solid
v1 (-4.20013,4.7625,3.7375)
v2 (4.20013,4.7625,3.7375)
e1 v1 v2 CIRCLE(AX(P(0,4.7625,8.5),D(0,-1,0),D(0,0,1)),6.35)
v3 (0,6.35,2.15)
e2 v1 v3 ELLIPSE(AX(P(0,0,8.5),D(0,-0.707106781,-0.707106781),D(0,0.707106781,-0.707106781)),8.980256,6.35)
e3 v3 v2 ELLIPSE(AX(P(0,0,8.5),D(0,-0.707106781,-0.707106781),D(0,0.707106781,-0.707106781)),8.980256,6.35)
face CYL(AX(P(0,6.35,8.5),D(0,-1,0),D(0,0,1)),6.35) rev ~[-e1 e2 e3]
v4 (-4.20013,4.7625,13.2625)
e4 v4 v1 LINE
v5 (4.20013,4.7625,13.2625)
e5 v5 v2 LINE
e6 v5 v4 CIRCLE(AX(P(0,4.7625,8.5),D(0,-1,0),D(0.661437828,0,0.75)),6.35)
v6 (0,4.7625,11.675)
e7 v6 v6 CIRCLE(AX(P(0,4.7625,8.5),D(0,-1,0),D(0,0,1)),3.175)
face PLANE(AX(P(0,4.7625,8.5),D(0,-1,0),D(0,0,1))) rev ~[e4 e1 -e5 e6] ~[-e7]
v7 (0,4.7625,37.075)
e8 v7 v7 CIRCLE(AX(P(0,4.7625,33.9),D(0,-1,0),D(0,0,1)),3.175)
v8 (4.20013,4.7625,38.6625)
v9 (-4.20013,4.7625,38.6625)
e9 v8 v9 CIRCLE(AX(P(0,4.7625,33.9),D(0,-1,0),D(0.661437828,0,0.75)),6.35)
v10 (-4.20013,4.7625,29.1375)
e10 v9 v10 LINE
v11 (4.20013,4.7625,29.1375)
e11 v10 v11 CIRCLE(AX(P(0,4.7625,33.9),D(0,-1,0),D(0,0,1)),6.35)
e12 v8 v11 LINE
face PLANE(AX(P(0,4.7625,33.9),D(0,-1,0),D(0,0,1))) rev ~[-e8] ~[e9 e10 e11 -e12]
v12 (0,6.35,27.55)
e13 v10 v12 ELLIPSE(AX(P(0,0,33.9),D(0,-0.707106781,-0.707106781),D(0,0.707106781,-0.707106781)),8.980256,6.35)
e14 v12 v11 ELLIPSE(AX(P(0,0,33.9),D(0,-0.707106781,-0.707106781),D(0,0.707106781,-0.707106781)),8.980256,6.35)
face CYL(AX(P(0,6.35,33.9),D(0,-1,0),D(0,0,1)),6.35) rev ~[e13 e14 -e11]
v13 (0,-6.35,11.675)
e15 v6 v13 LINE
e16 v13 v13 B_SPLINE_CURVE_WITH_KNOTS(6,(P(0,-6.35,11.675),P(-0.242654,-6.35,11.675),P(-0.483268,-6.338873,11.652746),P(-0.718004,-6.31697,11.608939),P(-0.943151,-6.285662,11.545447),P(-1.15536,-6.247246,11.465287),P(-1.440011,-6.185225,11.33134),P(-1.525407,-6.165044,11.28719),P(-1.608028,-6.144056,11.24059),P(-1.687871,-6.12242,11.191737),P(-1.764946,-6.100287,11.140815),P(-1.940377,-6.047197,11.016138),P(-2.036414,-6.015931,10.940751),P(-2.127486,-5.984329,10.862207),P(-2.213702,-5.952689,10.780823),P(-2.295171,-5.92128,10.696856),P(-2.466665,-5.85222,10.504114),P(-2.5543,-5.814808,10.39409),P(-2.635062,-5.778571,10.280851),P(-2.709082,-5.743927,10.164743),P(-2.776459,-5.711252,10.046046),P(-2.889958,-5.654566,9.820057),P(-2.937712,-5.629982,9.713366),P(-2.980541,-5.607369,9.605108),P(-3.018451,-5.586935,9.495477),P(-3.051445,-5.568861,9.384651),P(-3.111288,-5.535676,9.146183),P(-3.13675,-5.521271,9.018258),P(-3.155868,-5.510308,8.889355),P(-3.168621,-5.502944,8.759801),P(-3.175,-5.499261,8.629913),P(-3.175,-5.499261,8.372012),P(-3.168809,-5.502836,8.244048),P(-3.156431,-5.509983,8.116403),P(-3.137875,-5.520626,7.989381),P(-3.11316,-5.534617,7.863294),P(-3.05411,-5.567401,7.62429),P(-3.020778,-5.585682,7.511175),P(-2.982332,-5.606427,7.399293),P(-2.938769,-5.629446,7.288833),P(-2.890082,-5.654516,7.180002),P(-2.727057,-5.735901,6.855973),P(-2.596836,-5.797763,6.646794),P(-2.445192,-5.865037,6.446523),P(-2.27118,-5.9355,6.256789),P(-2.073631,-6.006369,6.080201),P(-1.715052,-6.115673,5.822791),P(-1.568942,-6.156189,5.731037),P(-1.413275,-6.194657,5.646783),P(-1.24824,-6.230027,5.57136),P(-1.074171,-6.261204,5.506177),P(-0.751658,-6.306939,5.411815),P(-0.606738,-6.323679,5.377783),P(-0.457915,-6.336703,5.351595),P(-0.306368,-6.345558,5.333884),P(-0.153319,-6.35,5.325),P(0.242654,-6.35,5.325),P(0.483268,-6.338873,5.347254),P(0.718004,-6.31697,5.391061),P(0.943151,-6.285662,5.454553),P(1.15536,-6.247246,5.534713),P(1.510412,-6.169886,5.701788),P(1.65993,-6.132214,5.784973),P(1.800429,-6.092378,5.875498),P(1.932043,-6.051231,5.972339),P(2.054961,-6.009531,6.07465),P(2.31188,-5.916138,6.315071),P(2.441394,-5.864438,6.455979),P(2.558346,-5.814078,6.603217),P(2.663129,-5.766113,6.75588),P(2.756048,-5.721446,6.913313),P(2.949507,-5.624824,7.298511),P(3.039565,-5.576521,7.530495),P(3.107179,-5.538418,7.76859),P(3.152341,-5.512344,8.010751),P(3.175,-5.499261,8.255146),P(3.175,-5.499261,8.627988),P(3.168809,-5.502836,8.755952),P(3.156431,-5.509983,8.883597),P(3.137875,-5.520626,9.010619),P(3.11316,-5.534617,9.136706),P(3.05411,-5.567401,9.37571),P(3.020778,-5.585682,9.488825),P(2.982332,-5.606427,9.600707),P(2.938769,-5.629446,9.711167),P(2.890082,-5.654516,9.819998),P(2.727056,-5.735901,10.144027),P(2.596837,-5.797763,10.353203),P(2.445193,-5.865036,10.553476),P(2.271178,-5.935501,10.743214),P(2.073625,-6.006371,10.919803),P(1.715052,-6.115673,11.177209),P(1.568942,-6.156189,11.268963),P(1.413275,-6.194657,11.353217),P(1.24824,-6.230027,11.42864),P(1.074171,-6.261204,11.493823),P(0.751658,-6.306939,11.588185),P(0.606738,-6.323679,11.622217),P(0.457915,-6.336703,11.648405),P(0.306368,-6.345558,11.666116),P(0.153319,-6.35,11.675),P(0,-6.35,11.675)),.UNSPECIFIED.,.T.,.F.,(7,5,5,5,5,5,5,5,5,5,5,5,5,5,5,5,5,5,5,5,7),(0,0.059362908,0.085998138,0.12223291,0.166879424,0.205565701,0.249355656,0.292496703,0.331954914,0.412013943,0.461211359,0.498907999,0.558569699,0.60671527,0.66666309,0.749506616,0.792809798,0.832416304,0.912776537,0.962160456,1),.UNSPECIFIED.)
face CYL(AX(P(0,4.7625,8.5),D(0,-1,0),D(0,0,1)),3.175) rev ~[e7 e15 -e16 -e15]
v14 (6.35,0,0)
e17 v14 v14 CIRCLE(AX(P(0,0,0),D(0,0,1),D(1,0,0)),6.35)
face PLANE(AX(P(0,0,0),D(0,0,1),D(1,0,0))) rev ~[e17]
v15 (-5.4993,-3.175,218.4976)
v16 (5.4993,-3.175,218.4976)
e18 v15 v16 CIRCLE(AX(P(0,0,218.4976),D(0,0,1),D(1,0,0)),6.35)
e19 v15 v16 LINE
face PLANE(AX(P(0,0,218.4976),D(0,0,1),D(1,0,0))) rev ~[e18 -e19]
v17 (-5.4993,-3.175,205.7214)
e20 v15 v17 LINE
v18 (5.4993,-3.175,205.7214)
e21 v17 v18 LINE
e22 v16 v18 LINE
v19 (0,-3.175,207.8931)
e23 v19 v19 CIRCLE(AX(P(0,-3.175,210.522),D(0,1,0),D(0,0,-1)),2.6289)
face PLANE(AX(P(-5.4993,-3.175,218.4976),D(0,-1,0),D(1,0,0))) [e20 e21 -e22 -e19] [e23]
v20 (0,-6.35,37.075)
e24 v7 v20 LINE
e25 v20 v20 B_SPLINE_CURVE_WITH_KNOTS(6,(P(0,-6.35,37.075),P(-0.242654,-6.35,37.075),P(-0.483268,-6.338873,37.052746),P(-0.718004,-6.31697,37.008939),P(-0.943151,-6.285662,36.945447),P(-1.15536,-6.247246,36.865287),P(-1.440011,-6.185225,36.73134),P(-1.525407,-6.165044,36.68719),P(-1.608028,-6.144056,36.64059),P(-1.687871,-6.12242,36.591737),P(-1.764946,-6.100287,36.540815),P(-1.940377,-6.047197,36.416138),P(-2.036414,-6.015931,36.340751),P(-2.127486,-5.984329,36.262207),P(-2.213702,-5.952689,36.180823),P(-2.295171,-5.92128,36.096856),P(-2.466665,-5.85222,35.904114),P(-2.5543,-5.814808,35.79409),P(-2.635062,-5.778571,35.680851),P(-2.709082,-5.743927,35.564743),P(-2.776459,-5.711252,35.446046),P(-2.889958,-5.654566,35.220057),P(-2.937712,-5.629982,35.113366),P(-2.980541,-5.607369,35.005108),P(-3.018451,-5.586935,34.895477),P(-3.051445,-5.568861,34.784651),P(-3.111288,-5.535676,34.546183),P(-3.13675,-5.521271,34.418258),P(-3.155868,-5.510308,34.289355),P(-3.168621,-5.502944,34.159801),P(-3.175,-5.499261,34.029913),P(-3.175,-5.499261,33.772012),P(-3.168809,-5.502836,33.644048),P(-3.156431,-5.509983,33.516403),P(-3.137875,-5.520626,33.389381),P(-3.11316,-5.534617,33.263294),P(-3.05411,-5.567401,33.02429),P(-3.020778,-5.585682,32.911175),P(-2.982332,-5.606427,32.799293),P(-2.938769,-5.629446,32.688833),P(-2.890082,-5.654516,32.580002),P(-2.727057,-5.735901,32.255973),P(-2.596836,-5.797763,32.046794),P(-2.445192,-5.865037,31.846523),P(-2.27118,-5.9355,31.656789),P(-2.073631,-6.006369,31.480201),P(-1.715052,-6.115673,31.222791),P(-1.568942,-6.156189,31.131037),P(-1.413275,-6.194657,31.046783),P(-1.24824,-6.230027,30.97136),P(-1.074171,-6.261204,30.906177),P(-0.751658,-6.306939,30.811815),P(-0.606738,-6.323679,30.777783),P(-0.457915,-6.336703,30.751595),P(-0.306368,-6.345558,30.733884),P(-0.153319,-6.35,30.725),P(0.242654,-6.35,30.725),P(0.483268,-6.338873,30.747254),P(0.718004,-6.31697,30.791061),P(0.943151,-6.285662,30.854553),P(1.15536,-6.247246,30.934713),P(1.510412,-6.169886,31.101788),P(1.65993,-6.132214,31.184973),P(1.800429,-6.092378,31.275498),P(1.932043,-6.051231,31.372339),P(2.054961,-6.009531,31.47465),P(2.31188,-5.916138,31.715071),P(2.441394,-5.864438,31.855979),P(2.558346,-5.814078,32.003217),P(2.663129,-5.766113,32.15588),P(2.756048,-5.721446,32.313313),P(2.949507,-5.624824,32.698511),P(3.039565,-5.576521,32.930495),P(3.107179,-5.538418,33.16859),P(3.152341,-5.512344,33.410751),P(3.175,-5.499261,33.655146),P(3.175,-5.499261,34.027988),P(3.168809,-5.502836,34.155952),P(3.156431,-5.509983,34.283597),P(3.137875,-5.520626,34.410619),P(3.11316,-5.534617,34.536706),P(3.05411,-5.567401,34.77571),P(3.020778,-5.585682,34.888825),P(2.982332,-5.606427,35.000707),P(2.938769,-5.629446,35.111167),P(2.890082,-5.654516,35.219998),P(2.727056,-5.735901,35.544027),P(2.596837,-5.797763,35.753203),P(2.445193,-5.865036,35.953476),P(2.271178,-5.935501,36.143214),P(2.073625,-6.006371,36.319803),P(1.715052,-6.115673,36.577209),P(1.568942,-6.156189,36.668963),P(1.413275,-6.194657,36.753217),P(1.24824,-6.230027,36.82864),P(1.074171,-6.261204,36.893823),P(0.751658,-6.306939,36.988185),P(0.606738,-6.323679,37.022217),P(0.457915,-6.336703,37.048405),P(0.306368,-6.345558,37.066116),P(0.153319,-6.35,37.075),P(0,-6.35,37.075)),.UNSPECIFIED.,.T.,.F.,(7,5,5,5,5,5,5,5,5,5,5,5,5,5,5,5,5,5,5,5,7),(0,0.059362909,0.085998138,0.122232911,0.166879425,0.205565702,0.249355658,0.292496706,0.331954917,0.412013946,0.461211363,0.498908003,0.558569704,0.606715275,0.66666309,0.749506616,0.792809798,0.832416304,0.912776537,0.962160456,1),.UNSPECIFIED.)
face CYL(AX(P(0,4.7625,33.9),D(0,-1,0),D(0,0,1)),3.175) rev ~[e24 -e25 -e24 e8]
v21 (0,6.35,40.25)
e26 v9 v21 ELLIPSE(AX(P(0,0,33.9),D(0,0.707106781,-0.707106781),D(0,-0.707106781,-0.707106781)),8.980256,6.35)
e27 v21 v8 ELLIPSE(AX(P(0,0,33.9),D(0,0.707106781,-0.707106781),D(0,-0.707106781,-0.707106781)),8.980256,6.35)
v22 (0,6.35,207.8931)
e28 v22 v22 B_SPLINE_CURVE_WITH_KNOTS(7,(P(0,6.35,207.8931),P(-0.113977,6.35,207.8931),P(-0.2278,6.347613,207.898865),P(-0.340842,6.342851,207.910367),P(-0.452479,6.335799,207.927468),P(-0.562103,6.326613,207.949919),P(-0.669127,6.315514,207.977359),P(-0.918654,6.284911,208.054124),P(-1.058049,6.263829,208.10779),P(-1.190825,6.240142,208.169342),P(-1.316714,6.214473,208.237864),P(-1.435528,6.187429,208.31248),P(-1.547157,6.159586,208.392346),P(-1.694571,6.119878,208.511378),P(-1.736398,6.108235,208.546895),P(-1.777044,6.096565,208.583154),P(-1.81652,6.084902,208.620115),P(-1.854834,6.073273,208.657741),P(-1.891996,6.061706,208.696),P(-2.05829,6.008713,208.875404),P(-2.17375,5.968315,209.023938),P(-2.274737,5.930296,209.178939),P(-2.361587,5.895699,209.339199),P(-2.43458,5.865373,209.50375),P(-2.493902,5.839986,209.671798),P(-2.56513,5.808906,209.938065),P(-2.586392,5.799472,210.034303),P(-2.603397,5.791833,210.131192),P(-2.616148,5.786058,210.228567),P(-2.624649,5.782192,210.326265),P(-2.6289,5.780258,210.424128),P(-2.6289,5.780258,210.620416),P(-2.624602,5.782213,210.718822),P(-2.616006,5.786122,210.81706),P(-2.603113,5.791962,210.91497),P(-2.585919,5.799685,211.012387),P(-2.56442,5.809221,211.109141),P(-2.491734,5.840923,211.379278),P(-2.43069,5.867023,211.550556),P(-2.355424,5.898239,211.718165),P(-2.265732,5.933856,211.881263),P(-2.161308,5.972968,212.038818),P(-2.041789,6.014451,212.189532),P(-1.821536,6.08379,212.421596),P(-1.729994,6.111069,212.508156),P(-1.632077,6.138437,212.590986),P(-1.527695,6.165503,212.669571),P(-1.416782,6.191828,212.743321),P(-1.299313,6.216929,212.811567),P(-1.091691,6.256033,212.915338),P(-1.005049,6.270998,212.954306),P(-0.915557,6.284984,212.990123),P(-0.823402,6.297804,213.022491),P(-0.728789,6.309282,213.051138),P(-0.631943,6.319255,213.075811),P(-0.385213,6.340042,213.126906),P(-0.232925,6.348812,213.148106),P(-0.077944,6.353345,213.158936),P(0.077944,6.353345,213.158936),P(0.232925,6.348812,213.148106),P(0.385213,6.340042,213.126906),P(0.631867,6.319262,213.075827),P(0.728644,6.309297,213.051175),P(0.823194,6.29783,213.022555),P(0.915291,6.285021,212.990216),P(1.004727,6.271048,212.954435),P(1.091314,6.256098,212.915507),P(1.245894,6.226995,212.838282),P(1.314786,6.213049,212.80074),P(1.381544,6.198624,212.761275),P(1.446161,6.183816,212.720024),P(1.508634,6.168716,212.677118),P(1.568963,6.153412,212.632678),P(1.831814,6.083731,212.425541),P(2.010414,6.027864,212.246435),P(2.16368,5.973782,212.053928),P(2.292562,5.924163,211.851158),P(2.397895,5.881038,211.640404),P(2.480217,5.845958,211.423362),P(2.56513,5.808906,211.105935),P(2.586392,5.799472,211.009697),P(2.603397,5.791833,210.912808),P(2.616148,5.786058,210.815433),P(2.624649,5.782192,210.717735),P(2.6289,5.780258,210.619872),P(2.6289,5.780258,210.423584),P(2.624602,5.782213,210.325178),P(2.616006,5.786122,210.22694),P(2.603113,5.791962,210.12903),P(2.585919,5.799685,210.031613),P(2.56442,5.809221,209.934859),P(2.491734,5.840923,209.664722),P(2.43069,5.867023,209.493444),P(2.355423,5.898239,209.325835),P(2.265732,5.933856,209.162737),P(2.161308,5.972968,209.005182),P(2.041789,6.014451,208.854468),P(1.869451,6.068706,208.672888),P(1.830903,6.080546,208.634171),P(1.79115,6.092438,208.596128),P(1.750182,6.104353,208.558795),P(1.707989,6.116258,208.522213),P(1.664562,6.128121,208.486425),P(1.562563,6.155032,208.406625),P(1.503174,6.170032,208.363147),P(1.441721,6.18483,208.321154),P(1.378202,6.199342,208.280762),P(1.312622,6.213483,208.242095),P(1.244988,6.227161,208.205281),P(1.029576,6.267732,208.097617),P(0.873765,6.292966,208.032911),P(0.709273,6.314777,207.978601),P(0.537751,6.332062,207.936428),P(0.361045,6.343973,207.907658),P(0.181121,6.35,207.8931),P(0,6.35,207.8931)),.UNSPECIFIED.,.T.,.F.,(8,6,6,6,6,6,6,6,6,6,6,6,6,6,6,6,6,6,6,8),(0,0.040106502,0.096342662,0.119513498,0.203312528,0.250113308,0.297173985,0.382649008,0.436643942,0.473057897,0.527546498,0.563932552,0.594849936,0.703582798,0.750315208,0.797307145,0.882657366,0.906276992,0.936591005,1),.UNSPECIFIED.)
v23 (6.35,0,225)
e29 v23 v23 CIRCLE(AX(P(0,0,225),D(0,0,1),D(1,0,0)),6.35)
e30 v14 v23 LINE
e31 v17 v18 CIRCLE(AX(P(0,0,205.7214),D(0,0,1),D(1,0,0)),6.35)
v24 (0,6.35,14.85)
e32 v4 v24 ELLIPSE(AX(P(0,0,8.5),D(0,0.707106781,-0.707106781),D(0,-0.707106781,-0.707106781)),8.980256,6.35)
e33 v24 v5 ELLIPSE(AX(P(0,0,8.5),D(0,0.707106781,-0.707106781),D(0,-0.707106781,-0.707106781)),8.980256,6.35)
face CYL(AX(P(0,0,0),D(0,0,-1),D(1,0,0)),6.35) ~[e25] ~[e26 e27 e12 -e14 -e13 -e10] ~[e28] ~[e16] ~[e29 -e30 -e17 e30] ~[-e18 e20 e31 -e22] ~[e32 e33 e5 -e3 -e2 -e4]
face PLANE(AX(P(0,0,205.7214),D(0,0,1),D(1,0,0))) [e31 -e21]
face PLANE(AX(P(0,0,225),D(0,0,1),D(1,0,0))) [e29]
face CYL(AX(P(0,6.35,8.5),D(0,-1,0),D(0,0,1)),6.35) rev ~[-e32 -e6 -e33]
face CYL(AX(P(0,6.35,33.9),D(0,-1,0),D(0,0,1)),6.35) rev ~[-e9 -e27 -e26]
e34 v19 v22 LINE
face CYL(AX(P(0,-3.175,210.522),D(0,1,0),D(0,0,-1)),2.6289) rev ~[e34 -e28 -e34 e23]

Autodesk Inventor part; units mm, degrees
ref_plane "YZ Plane" through (0, 0, 0) normal (1, 0, 0) x (0, 1, 0)
sketch "Sketch1" plane through (0, 0, 0) normal (0, 0, 1) x (1, 0, 0)
  circle A0 centre (0, 0) radius 6.35
  dimension "d0" = 12.7
extrude "Extrusion1" add sketch "Sketch1" along normal blind 225
ref_plane "Work Plane2" through (0, 0, 218.4976) normal (0, 0, 1) x (1, 0, 0)
sketch "Sketch2" plane through (0, 0, 218.4976) normal (0, 0, 1) x (1, 0, 0)
  circle A0 centre (0, 0) radius 6.35
  line L0 (-5.4993, -3.175) -> (5.4993, -3.175)
  dimension "d3" = 9.525
extrude "Extrusion3" cut sketch "Sketch2" against normal blind 12.7762 contours L0 A0 picked at (-1.5396, -3.5692)
sketch "Sketch3" plane through (-5.4993, -3.175, 218.4976) normal (0, -1, 0) x (1, 0, 0)
  line L0 (0, 0) -> (10.9985, 0)
  line L1 (10.9985, -12.7762) -> (0, -12.7762) projected
  line L2 (10.9985, 0) -> (10.9985, -12.7762) projected
  line L3 (10.9985, 0) -> (0, 0) projected
  line L4 (0, -12.7762) -> (0, 0) projected
  point P0 (5.4993, -7.9756)
  dimension "d6" = 7.9756
hole "Hole1" at (0, -3.175, 210.522) direction (0, 1, 0) diameter 5.2578 end through all thread size "1/4-20 UNC" class "2B" standard "ANSI Unified Screw Threads"
ref_plane "Work Plane1" through (0, 6.35, 0) normal (0, 1, 0) x (-1, 0, 0)
sketch "Sketch4" plane through (0, 6.35, 0) normal (0, 1, 0) x (-1, 0, 0)
  line L0 (-6.35, 0) -> (6.35, 0) projected
  point P0 (0, 8.5)
  point P1 (0, 33.9)
  point P2 (0, 210.522)
  dimension "d14" = 25.4
  dimension "d28" = 8.5
hole "Hole2" at (0, 6.35, 8.5) at (0, 6.35, 33.9) direction (0, -1, 0) diameter 6.35 end through all counterbore diameter 12.7 counterbore depth 1.5875
properties part number "PWTR-0031" material "Stainless Steel, 303"
